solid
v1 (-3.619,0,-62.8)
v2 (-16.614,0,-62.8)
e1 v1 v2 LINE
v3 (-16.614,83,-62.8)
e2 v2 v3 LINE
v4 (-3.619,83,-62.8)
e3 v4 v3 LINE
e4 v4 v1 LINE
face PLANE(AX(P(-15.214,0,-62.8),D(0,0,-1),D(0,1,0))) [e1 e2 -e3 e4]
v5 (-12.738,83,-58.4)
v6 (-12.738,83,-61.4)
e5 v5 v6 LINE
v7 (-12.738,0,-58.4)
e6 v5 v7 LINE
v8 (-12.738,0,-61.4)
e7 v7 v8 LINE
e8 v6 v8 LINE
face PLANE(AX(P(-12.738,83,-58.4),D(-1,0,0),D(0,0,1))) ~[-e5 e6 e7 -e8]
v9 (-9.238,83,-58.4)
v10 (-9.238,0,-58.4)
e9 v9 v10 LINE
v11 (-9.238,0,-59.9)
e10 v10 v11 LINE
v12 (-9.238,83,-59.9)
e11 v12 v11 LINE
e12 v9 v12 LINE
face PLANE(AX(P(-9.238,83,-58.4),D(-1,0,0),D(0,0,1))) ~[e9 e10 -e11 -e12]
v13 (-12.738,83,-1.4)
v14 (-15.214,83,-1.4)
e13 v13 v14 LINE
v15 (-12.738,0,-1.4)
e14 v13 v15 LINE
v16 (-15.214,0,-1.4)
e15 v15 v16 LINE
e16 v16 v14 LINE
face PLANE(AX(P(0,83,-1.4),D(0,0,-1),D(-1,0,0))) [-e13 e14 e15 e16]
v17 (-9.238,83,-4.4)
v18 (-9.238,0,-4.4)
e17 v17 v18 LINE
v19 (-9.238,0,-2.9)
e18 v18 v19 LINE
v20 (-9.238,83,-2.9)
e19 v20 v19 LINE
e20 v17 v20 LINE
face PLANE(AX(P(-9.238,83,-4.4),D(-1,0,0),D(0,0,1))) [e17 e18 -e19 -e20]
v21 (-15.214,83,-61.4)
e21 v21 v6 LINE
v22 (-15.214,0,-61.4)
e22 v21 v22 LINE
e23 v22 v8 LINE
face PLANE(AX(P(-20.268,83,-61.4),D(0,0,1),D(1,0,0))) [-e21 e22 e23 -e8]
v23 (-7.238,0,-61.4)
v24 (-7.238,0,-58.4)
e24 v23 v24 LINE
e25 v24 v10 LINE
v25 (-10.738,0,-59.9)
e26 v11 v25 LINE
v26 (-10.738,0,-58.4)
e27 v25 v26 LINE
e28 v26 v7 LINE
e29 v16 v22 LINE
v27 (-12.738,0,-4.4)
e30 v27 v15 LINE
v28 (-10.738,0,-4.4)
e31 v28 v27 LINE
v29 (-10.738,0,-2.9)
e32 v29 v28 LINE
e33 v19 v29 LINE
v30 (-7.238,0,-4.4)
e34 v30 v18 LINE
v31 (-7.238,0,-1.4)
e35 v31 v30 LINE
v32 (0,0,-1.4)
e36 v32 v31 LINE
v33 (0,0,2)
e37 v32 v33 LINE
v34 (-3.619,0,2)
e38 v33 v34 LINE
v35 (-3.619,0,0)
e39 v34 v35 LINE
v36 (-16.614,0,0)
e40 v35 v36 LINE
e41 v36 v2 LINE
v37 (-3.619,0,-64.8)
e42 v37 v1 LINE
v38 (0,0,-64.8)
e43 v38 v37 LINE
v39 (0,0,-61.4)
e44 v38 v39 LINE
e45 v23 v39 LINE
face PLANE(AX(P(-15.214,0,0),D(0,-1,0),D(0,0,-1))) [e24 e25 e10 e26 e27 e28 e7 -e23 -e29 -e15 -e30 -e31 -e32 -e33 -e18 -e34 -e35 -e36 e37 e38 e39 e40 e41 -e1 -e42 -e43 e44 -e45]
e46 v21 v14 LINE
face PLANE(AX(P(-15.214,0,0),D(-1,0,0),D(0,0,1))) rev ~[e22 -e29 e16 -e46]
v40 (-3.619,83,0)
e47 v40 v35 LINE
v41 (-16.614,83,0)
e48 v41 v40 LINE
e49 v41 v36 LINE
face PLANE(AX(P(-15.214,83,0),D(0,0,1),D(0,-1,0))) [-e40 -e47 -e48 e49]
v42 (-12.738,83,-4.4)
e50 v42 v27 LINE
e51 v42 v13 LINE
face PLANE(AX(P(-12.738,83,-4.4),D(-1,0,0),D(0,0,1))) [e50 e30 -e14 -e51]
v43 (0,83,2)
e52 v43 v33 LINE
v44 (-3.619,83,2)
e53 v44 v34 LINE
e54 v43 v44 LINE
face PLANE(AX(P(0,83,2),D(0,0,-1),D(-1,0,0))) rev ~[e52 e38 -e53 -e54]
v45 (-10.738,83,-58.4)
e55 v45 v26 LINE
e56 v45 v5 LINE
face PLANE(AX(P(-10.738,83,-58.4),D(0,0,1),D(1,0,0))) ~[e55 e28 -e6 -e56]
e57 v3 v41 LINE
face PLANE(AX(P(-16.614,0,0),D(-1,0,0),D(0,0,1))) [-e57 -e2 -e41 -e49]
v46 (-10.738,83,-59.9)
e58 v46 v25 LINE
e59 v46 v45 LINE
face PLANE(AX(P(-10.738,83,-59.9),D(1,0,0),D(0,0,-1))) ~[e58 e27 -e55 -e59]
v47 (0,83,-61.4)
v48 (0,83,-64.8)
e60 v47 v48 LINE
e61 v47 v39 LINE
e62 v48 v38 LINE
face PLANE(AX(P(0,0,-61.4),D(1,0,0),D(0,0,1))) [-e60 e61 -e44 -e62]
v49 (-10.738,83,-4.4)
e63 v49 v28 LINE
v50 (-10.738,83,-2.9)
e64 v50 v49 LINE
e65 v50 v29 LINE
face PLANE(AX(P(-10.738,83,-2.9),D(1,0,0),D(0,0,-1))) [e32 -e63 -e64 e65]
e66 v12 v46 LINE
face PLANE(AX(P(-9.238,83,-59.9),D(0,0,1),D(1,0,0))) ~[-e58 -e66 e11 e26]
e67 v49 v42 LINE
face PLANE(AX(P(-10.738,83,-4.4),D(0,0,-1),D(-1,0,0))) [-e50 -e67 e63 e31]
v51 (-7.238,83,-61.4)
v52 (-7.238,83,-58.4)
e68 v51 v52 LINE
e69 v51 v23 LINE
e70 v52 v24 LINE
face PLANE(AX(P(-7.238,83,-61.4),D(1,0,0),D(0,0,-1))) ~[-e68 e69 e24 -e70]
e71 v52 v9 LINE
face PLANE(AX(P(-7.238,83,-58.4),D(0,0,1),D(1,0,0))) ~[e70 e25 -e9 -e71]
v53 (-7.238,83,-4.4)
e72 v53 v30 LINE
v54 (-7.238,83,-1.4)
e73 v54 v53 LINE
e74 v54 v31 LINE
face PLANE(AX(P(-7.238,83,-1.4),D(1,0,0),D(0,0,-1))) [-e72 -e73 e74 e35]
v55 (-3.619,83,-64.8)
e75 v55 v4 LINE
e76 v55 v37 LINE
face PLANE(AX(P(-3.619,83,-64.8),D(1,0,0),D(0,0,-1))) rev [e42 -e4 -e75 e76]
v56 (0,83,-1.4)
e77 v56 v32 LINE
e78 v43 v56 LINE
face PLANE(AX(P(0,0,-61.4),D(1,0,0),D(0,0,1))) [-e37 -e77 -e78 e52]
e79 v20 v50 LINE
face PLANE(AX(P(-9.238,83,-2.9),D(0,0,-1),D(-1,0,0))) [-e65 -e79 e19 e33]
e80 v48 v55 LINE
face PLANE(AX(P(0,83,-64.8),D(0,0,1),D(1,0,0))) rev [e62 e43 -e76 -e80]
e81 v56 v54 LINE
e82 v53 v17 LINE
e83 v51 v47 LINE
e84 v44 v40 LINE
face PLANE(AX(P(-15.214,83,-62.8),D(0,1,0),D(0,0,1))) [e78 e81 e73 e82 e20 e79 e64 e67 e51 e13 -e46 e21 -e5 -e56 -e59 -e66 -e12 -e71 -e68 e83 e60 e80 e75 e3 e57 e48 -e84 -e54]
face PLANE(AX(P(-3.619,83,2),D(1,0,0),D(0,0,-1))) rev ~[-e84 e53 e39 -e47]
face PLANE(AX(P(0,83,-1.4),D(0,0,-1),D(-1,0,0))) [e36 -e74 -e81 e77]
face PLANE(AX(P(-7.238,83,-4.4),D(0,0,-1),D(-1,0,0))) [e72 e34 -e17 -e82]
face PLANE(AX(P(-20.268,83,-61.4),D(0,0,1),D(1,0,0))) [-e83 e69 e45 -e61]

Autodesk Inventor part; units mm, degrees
ref_plane "YZ Plane" through (0, 0, 0) normal (1, 0, 0) x (0, 1, 0)
ref_plane "XZ Plane" through (0, 0, 0) normal (0, 1, 0) x (-1, 0, 0)
sketch "Sketch1" plane through (0, 0, 0) normal (0, 1, 0) x (-1, 0, 0)
  line L0 (0, 0) -> (21.668, 0)
  line L1 (21.668, 0) -> (21.668, -61.4)
  line L2 (21.668, -61.4) -> (0, -61.4)
  line L3 (0, -61.4) -> (0, 0)
  dimension "d0" = 21.668
  dimension "d1" = 61.4
extrude "Extrusion1" add sketch "Sketch1" along normal blind 83
sketch "Sketch2" plane through (0, 83, 0) normal (0, 1, 0) x (1, 0, 0)
  line L0 (0, 0) -> (0, 1.4)
  line L1 (0, 0) -> (0, 61.4) projected
  line L2 (0, 1.4) -> (-20.268, 1.4)
  line L3 (-21.668, 61.4) -> (-21.668, 0) projected
  line L4 (-20.268, 1.4) -> (-20.268, 61.4)
  line L5 (0, 61.4) -> (-21.668, 61.4) projected
  line L6 (-20.268, 61.4) -> (0, 61.4)
  line L7 (0, 61.4) -> (0, 1.4)
  line L8 (-21.668, 61.4) -> (0, 61.4)
  line L9 (0, 61.4) -> (0, 62.8)
  line L10 (0, 62.8) -> (-21.668, 62.8)
  line L11 (-21.668, 62.8) -> (-21.668, 61.4)
  dimension "d4" = 1.4
  dimension "d5" = 20.268
  dimension "d6" = 1.4
extrude "Extrusion2" add sketch "Sketch2" against normal blind 83 contours L5 L11 L10 L9
sketch "Sketch3" plane through (0, 83, 0) normal (0, 1, 0) x (1, 0, 0)
  line L0 (0, 0) -> (0, 62.8) projected
  line L1 (0, 0) -> (0, 1.4)
  line L2 (0, 1.4) -> (-20.268, 1.4)
  line L3 (-20.268, 1.4) -> (-20.268, 61.4)
  line L4 (-21.668, 62.8) -> (-21.668, 0) projected
  line L5 (-20.268, 61.4) -> (0, 61.4)
  dimension "d9" = 1.4
  dimension "d10" = 20.268
  dimension "d11" = 60
extrude "Extrusion3" cut sketch "Sketch3" against normal blind 129.5
sketch "Sketch4" plane through (0, 83, 0) normal (0, 1, 0) x (1, 0, 0)
  line L0 (0, 0) -> (0, 1.4) projected
  line L1 (0, 0) -> (0, -2)
  line L2 (0, -2) -> (-3.619, -2)
  line L3 (-20.268, 1.4) -> (0, 1.4) projected
  line L4 (-3.619, -2) -> (-3.619, 0)
  line L5 (-21.668, 0) -> (0, 0) projected
  line L6 (-3.619, 0) -> (-7.238, 0)
  line L7 (-7.238, 0) -> (-7.238, 1.4)
  line L8 (-7.238, 1.4) -> (-7.238, 4.4)
  line L9 (-7.238, 4.4) -> (-9.238, 4.4)
  line L10 (-9.238, 4.4) -> (-9.238, 2.9)
  line L11 (-9.238, 2.9) -> (-10.738, 2.9)
  line L12 (-10.738, 2.9) -> (-10.738, 4.4)
  line L13 (-10.738, 4.4) -> (-12.738, 4.4)
  line L14 (-12.738, 4.4) -> (-12.738, 1.4)
  dimension "d14" = 2
  dimension "d15" = 3.619
  dimension "d16" = 3.619
  dimension "d17" = 3
  dimension "d18" = 2
  dimension "d19" = 1.5
  dimension "d20" = 1.5
  dimension "d21" = 2
extrude "Extrusion4" add sketch "Sketch4" against normal blind 83 contours L3 L14 L13 L12 L11 L10 L9 L8 | L1 L2 L4 L5
ref_plane "Work Plane1" through (0, 0, -31.4) normal (0, 0, 1) x (1, 0, 0)
mirror "Mirror1" about plane through (0, 0, -31.4) normal (0, 0, 1) of "Extrusion4"
sketch "Sketch5" plane through (-21.668, 0, 0) normal (-1, 0, 0) x (0, 0, 1)
  line L0 (-62.8, 83) -> (-62.8, 0) projected
  line L1 (0, 0) -> (-62.8, 0)
  line L2 (-62.8, 0) -> (-62.8, 83)
  line L3 (-62.8, 83) -> (0, 83)
  line L4 (0, 83) -> (0, 0)
extrude "Extrusion5" cut sketch "Sketch5" against normal blind 6.454
sketch "Sketch6" plane through (-15.214, 0, 0) normal (-1, 0, 0) x (0, 0, 1)
  line L0 (2, 0) -> (0, 0) projected
  line L1 (-62.8, 83) -> (-61.4, 83) projected
  line L2 (0, 0) -> (-62.8, 0)
  line L3 (-62.8, 0) -> (-62.8, 83)
  line L4 (-62.8, 83) -> (0, 83)
  line L5 (0, 83) -> (0, 0)
extrude "Extrusion6" add sketch "Sketch6" along normal blind 1.4
properties part number "kabza başlık"
